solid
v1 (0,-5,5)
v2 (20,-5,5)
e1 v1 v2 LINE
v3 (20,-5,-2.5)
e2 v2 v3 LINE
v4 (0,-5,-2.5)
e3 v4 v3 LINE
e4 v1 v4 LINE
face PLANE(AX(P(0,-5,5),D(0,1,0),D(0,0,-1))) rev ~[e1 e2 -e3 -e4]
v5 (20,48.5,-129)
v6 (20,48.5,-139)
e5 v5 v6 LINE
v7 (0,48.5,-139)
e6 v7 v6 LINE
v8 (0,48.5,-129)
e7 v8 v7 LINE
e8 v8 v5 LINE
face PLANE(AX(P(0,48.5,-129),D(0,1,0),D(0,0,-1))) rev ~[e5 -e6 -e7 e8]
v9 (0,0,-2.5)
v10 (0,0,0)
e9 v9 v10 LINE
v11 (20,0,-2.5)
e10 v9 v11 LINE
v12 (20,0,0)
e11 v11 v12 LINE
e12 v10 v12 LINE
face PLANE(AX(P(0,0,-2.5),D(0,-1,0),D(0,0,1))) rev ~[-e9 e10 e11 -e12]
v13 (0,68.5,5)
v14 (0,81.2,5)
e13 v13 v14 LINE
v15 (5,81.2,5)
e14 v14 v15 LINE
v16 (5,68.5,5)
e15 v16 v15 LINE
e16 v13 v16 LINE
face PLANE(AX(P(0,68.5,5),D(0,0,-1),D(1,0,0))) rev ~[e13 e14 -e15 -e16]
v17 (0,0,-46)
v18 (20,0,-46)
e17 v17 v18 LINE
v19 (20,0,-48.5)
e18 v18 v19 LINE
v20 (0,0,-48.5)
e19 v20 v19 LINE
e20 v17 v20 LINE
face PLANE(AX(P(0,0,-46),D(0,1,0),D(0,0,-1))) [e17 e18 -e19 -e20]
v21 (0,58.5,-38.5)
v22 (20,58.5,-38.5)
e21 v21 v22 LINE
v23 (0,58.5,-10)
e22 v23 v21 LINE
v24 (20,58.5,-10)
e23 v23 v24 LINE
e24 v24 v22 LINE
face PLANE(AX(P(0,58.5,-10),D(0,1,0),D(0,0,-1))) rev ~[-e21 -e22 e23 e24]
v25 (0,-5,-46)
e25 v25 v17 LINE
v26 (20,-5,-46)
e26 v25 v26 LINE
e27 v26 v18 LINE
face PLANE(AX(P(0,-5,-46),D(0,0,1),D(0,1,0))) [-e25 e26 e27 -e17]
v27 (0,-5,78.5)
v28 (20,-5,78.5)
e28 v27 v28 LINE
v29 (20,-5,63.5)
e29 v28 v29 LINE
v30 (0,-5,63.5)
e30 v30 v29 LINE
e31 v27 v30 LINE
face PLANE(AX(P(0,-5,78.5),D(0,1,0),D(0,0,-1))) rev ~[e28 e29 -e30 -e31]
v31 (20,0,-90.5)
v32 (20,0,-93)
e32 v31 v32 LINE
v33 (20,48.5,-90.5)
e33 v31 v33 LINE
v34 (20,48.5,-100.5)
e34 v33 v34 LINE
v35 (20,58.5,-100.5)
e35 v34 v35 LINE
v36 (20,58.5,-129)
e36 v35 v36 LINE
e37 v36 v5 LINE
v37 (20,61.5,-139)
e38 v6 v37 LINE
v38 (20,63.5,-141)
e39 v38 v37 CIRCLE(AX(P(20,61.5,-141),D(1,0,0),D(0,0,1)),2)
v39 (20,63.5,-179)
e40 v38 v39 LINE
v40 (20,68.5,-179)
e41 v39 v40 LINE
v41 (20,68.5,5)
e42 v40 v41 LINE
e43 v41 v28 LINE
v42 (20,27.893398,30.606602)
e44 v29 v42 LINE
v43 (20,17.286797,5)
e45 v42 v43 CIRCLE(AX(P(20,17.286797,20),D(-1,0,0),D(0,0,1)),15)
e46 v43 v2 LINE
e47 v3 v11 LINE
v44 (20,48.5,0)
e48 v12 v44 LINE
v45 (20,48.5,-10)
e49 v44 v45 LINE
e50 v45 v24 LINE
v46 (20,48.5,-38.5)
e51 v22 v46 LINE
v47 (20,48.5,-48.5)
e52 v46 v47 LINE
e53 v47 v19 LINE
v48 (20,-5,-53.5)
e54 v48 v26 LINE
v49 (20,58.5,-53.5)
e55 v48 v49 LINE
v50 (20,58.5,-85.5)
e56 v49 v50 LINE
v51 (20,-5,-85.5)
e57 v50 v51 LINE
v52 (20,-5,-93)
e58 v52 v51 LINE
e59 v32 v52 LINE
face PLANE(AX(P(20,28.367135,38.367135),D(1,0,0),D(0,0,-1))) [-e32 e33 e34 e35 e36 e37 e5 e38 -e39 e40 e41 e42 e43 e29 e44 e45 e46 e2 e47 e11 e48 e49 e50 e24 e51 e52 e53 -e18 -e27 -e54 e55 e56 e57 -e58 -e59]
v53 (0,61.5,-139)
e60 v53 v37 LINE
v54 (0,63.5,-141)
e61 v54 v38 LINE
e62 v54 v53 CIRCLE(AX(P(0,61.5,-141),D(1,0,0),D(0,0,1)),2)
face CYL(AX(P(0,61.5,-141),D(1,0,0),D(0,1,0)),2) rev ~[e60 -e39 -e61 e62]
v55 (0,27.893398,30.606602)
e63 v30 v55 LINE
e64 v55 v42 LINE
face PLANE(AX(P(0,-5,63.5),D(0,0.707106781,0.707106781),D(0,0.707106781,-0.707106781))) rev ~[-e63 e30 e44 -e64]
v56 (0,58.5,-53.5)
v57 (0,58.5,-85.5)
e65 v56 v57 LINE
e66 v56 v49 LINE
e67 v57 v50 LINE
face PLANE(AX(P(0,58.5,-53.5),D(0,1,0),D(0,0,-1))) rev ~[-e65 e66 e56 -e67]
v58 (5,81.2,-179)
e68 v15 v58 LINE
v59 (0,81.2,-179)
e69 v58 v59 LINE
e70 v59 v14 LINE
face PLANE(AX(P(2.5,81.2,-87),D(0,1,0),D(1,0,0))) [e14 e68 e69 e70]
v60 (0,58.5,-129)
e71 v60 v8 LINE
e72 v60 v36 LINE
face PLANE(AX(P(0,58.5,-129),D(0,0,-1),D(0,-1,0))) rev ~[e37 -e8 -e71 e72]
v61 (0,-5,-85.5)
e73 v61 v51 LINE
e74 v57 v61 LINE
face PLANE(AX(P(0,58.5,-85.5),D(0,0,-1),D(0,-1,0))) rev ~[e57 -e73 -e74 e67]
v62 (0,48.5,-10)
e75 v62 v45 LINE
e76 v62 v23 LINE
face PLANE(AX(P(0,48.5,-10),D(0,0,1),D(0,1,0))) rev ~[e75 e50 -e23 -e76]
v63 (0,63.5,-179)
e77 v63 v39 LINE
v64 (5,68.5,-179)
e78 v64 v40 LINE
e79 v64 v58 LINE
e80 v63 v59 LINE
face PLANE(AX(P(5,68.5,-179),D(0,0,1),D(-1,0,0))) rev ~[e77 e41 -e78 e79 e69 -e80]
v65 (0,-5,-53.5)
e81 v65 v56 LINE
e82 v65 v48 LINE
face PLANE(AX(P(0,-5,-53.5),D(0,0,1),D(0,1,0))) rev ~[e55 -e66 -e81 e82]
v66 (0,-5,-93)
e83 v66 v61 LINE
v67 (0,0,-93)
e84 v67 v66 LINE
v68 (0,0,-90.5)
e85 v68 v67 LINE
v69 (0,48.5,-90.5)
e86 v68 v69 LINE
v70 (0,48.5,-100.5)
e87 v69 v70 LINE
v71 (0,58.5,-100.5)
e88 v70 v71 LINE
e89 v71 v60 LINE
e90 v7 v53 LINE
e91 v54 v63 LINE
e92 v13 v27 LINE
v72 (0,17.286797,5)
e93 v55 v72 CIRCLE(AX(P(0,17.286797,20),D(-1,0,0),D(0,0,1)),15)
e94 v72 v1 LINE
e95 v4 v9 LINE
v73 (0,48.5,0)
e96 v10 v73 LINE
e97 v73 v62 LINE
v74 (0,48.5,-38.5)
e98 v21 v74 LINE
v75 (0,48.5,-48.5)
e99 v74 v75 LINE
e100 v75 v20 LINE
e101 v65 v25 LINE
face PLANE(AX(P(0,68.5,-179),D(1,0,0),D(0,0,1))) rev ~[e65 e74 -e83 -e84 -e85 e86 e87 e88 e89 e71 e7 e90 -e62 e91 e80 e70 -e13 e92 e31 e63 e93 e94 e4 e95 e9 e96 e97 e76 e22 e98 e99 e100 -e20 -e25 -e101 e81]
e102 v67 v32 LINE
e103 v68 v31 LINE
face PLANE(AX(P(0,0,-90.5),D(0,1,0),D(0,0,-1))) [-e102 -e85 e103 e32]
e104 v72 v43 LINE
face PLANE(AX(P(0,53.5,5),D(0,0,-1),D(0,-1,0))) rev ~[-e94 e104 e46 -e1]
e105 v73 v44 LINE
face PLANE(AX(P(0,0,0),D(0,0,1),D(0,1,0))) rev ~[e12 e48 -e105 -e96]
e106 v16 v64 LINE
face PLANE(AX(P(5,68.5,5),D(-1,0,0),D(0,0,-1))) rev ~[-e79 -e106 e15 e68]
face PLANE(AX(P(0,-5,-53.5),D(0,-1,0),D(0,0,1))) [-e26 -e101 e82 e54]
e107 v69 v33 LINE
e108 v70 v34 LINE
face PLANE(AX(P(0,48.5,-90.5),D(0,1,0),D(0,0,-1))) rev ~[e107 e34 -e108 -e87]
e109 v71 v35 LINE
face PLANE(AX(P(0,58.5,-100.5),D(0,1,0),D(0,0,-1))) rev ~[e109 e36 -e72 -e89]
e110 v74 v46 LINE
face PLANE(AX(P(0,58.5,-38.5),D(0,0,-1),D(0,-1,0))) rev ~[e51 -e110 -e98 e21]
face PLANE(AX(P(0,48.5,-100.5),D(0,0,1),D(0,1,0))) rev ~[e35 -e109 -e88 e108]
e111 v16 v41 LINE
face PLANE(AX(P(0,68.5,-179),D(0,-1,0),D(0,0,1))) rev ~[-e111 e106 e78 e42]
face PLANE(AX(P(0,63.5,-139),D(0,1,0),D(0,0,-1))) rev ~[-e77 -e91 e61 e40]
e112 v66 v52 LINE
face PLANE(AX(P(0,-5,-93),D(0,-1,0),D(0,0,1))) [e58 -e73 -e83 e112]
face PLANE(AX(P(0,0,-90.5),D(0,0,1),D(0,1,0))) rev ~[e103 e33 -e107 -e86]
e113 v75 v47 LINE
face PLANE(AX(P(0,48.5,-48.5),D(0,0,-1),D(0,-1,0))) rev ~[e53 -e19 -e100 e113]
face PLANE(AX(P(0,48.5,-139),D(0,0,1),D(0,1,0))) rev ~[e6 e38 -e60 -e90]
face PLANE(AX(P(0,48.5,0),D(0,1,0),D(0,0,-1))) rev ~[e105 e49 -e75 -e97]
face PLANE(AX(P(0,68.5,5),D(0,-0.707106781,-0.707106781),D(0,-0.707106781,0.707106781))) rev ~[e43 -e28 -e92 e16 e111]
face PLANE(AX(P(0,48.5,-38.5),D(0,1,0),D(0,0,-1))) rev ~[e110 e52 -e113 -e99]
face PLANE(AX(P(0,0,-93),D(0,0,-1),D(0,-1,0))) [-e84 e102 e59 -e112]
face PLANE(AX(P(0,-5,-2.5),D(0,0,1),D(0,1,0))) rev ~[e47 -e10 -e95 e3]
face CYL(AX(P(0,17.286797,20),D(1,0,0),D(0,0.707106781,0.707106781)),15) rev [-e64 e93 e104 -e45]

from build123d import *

# Parameters (mm, degrees)
SKETCH1_W           = 5
SKETCH1_H           = 5
SKETCH1_W_2         = 35
BOSS_EXTRUDE2_DEPTH = 20
FILLET1_R           = 15
FILLET2_R           = 2
BOSS_EXTRUDE3_DEPTH = 12.7


with BuildPart() as part:
    # Sketch1 → Boss-Extrude2 (new body)
    with BuildSketch(Plane(origin=(0, 0, 0), x_dir=(0, 0, -1), z_dir=(1, 0, 0))):
        Polygon((-5, 53.5), (-5, 68.5), (-78.5, -5), (-63.5, -5), align=None)
        Polygon((69.5, 68.5), (-5, 68.5), (-5, 53.5), (-5, -5), (2.5, -5), (2.5, 0), (0, 0), (0, 48.5), (10, 48.5), (10, 58.5), (38.5, 58.5), (38.5, 48.5), (48.5, 48.5), (48.5, 0), (53.5, 0), (53.5, 58.5), (69.5, 58.5), align=None)
        Polygon((139, 68.5), (69.5, 68.5), (69.5, 58.5), (85.5, 58.5), (85.5, 0), (90.5, 0), (90.5, 48.5), (100.5, 48.5), (100.5, 58.5), (129, 58.5), (129, 48.5), (139, 48.5), (139, 63.5), align=None)
        Polygon((90.5, 0), (93, 0), (93, -5), (85.5, -5), (85.5, 0), align=None)
        Polygon((53.5, -5), (46, -5), (46, 0), (48.5, 0), (53.5, 0), align=None)
        with Locations((141.5, 66)):
            Rectangle(SKETCH1_W, SKETCH1_H)
        with Locations((161.5, 66)):
            Rectangle(SKETCH1_W_2, SKETCH1_H)
    extrude(amount=BOSS_EXTRUDE2_DEPTH)

    # Fillet1
    fillet1_edges = [part.edges().sort_by_distance(p)[0] for p in [
        (10, 53.5, 5),
    ]]
    fillet(fillet1_edges, radius=FILLET1_R)

    # Fillet2
    fillet2_edges = [part.edges().sort_by_distance(p)[0] for p in [
        (10, 63.5, -139),
    ]]
    fillet(fillet2_edges, radius=FILLET2_R)

    # Sketch2 → Boss-Extrude3 (add)
    with BuildSketch(Plane(origin=(0, 68.5, 0), x_dir=(1, 0, 0), z_dir=(0, 1, 0))):
        Polygon((5, 35), (5, 179), (0, 179), (0, -5), (5, -5), align=None)
    extrude(amount=BOSS_EXTRUDE3_DEPTH)


solid = part.part
